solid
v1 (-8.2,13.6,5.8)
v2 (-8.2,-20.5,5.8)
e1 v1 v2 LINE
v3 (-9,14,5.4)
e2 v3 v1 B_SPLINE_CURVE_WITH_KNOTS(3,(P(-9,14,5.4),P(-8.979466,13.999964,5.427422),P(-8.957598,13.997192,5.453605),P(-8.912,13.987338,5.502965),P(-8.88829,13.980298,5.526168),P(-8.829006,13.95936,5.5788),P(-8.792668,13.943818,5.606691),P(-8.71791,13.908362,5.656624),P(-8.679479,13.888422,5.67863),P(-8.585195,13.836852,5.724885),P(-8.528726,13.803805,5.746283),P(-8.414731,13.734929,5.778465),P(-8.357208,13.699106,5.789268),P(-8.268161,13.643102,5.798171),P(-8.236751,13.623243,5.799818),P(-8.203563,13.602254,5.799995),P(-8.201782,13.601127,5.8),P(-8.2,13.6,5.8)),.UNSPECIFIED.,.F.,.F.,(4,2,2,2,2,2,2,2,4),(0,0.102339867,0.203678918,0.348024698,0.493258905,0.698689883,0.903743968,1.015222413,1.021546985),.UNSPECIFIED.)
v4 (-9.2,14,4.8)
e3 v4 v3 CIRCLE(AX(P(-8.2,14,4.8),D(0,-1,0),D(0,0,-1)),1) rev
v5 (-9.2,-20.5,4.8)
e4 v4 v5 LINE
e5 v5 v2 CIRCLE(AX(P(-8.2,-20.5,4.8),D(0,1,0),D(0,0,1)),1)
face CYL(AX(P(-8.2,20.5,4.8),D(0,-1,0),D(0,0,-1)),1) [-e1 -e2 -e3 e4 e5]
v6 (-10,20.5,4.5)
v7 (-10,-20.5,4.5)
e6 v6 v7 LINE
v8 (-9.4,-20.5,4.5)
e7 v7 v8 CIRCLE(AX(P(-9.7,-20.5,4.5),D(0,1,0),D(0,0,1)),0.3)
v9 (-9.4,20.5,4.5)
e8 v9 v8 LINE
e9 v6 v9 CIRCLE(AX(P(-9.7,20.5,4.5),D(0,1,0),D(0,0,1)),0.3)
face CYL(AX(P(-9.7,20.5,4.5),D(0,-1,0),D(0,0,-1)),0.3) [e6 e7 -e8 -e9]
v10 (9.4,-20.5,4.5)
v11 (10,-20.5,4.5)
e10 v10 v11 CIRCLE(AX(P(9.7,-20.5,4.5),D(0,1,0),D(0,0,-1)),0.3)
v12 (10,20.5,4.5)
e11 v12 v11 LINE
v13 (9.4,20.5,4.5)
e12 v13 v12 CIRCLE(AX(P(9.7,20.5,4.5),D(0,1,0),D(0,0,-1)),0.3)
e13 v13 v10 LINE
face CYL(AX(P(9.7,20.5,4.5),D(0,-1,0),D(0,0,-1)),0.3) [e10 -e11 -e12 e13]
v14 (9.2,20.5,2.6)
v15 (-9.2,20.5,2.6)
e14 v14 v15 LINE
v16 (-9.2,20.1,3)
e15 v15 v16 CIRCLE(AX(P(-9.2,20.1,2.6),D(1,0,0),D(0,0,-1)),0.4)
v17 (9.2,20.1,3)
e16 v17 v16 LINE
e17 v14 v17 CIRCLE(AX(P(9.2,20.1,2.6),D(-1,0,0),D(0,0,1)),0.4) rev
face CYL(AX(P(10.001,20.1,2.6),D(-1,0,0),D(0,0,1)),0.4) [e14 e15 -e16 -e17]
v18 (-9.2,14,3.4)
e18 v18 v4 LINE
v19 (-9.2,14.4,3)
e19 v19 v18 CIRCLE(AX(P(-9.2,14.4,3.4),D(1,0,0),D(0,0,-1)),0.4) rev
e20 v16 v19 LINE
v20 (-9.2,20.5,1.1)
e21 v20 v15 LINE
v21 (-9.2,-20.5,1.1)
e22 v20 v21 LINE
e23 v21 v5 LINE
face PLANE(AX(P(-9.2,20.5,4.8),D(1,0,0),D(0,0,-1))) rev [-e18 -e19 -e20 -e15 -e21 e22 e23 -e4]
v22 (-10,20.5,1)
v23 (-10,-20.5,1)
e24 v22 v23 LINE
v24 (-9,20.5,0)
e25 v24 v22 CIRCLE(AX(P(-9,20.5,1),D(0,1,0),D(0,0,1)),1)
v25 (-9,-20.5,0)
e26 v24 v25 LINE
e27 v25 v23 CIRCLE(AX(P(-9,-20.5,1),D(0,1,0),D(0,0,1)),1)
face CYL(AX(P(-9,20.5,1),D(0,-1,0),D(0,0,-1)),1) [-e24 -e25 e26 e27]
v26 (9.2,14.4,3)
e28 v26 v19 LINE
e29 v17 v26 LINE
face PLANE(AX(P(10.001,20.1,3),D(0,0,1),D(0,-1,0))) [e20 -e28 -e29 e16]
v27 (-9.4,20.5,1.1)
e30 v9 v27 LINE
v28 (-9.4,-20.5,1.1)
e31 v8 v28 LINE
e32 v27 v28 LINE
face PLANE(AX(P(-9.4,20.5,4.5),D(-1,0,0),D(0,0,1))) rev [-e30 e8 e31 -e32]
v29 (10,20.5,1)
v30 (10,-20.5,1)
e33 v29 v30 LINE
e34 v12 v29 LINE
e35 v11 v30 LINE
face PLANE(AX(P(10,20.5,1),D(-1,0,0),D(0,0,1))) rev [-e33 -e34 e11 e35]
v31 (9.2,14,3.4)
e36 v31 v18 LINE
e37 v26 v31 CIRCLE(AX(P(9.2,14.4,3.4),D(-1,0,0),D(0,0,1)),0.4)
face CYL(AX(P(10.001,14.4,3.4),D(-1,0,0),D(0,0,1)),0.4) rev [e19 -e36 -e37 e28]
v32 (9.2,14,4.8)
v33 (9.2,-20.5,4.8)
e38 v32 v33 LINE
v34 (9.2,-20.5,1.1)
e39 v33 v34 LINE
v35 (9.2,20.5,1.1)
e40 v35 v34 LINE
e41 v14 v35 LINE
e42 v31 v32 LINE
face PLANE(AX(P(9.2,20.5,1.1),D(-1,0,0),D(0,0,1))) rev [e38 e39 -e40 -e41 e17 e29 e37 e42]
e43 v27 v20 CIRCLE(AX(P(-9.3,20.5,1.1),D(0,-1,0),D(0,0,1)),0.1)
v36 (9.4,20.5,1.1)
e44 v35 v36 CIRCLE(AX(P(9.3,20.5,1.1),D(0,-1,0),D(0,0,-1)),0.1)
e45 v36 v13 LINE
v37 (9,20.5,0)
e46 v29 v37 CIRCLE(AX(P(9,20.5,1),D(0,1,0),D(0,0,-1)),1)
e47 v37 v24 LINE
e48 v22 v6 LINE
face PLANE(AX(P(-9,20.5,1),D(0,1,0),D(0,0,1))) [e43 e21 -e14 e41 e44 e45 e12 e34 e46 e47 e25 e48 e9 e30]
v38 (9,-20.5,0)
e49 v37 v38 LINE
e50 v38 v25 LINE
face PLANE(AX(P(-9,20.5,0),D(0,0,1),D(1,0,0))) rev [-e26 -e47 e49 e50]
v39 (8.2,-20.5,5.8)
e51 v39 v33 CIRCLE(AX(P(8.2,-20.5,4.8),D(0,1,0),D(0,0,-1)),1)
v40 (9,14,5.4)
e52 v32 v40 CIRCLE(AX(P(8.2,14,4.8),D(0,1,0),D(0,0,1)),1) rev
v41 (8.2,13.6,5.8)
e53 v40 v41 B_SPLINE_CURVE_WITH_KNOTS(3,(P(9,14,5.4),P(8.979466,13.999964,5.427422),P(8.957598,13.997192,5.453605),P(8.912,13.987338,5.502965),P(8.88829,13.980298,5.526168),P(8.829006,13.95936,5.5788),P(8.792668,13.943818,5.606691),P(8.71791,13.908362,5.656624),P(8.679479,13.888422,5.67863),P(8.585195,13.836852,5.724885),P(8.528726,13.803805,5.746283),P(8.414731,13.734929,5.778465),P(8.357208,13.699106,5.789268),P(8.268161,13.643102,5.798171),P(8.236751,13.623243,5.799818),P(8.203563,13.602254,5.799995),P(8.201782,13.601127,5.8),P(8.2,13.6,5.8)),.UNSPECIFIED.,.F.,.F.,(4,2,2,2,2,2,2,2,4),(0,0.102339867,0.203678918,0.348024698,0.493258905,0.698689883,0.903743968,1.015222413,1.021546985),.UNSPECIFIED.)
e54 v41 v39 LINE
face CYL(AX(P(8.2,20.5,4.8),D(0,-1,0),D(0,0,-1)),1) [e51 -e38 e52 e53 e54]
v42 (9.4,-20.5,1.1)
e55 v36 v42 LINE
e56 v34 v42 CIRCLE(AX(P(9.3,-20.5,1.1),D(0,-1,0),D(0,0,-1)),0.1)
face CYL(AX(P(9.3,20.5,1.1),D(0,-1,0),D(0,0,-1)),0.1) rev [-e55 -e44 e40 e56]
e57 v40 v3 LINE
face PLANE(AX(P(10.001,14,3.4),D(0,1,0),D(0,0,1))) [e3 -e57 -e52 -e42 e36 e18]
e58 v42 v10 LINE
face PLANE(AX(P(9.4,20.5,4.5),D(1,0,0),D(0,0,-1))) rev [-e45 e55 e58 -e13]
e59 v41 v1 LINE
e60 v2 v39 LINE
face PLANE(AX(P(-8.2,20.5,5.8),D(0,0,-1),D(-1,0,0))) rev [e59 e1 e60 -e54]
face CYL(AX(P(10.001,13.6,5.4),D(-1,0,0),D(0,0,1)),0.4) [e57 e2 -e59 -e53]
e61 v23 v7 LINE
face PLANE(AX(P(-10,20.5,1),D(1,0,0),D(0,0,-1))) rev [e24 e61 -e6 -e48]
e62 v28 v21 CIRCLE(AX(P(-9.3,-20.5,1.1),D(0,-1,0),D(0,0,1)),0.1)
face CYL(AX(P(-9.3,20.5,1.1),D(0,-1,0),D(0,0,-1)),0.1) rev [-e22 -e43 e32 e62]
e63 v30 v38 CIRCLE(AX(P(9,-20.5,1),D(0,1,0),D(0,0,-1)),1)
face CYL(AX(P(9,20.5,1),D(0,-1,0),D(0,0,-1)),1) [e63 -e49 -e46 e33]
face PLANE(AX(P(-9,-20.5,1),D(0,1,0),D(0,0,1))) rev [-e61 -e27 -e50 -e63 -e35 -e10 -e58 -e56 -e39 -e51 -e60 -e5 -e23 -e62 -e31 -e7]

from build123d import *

# Parameters (mm, degrees)
EXTRUDE_1_DEPTH                 = 20.5
CUT_EXTRUDE_1_REACH             = 25.535
CUT_EXTRUDE_1_DIRECTION_2_REACH = 25.535


with BuildPart() as part:
    # Эскиз1 → Бобышка-Вытянуть1 (new, symmetric)
    with BuildSketch(Plane(origin=(0, 0, 0), x_dir=(1, 0, 0), z_dir=(0, 1, 0))):
        with BuildLine():
            Line((-9, 0), (9, 0))
            ThreePointArc((9, 0), (9.707106781, -0.292893219), (10, -1))
            Line((10, -1), (10, -4.5))
            ThreePointArc((10, -4.5), (9.7, -4.8), (9.4, -4.5))
            Line((9.4, -4.5), (9.4, -1.1))
            ThreePointArc((9.4, -1.1), (9.3, -1), (9.2, -1.1))
            Line((9.2, -1.1), (9.2, -4.8))
            ThreePointArc((9.2, -4.8), (8.907106781, -5.507106781), (8.2, -5.8))
            Line((8.2, -5.8), (-8.2, -5.8))
            ThreePointArc((-8.2, -5.8), (-8.907106781, -5.507106781), (-9.2, -4.8))
            Line((-9.2, -4.8), (-9.2, -1.1))
            ThreePointArc((-9.2, -1.1), (-9.3, -1), (-9.4, -1.1))
            Line((-9.4, -1.1), (-9.4, -4.5))
            ThreePointArc((-9.4, -4.5), (-9.7, -4.8), (-10, -4.5))
            Line((-10, -4.5), (-10, -1))
            ThreePointArc((-10, -1), (-9.707106781, -0.292893219), (-9, 0))
        make_face()
    extrude(amount=EXTRUDE_1_DEPTH, both=True)

    # Эскиз2 → Вырез-Вытянуть1 (cut, up to next)
    with BuildSketch(Plane(origin=(0, 0, 0), x_dir=(0, 0, -1), z_dir=(1, 0, 0)), mode=Mode.PRIVATE) as cut_extrude_1_sk1:
        with BuildLine():
            Line((-3, 20.1), (-3, 14.4))
            ThreePointArc((-3, 14.4), (-3.117157288, 14.117157288), (-3.4, 14))
            Line((-3.4, 14), (-5.4, 14))
            ThreePointArc((-5.4, 14), (-5.682842712, 13.882842712), (-5.8, 13.6))
            Line((-5.8, 13.6), (-5.8, 20.5))
            Line((-5.8, 20.5), (-2.6, 20.5))
            ThreePointArc((-2.6, 20.5), (-2.882842712, 20.382842712), (-3, 20.1))
        make_face()
    cut_extrude_1_tool1 = extrude(cut_extrude_1_sk1.sketch, amount=-CUT_EXTRUDE_1_REACH, mode=Mode.PRIVATE) & part.part
    add(cut_extrude_1_tool1.solids().sort_by_distance((0, 17.255615, 4.402132))[0], mode=Mode.SUBTRACT)

    # Эскиз2 → Вырез-Вытянуть1 direction 2 (cut, up to next)
    with BuildSketch(Plane(origin=(0, 0, 0), x_dir=(0, 0, -1), z_dir=(1, 0, 0)), mode=Mode.PRIVATE) as cut_extrude_1_direction_2_sk1:
        with BuildLine():
            Line((-3, 20.1), (-3, 14.4))
            ThreePointArc((-3, 14.4), (-3.117157288, 14.117157288), (-3.4, 14))
            Line((-3.4, 14), (-5.4, 14))
            ThreePointArc((-5.4, 14), (-5.682842712, 13.882842712), (-5.8, 13.6))
            Line((-5.8, 13.6), (-5.8, 20.5))
            Line((-5.8, 20.5), (-2.6, 20.5))
            ThreePointArc((-2.6, 20.5), (-2.882842712, 20.382842712), (-3, 20.1))
        make_face()
    cut_extrude_1_direction_2_tool1 = extrude(cut_extrude_1_direction_2_sk1.sketch, amount=CUT_EXTRUDE_1_DIRECTION_2_REACH, mode=Mode.PRIVATE) & part.part
    add(cut_extrude_1_direction_2_tool1.solids().sort_by_distance((0, 17.255615, 4.402132))[0], mode=Mode.SUBTRACT)


solid = part.part
